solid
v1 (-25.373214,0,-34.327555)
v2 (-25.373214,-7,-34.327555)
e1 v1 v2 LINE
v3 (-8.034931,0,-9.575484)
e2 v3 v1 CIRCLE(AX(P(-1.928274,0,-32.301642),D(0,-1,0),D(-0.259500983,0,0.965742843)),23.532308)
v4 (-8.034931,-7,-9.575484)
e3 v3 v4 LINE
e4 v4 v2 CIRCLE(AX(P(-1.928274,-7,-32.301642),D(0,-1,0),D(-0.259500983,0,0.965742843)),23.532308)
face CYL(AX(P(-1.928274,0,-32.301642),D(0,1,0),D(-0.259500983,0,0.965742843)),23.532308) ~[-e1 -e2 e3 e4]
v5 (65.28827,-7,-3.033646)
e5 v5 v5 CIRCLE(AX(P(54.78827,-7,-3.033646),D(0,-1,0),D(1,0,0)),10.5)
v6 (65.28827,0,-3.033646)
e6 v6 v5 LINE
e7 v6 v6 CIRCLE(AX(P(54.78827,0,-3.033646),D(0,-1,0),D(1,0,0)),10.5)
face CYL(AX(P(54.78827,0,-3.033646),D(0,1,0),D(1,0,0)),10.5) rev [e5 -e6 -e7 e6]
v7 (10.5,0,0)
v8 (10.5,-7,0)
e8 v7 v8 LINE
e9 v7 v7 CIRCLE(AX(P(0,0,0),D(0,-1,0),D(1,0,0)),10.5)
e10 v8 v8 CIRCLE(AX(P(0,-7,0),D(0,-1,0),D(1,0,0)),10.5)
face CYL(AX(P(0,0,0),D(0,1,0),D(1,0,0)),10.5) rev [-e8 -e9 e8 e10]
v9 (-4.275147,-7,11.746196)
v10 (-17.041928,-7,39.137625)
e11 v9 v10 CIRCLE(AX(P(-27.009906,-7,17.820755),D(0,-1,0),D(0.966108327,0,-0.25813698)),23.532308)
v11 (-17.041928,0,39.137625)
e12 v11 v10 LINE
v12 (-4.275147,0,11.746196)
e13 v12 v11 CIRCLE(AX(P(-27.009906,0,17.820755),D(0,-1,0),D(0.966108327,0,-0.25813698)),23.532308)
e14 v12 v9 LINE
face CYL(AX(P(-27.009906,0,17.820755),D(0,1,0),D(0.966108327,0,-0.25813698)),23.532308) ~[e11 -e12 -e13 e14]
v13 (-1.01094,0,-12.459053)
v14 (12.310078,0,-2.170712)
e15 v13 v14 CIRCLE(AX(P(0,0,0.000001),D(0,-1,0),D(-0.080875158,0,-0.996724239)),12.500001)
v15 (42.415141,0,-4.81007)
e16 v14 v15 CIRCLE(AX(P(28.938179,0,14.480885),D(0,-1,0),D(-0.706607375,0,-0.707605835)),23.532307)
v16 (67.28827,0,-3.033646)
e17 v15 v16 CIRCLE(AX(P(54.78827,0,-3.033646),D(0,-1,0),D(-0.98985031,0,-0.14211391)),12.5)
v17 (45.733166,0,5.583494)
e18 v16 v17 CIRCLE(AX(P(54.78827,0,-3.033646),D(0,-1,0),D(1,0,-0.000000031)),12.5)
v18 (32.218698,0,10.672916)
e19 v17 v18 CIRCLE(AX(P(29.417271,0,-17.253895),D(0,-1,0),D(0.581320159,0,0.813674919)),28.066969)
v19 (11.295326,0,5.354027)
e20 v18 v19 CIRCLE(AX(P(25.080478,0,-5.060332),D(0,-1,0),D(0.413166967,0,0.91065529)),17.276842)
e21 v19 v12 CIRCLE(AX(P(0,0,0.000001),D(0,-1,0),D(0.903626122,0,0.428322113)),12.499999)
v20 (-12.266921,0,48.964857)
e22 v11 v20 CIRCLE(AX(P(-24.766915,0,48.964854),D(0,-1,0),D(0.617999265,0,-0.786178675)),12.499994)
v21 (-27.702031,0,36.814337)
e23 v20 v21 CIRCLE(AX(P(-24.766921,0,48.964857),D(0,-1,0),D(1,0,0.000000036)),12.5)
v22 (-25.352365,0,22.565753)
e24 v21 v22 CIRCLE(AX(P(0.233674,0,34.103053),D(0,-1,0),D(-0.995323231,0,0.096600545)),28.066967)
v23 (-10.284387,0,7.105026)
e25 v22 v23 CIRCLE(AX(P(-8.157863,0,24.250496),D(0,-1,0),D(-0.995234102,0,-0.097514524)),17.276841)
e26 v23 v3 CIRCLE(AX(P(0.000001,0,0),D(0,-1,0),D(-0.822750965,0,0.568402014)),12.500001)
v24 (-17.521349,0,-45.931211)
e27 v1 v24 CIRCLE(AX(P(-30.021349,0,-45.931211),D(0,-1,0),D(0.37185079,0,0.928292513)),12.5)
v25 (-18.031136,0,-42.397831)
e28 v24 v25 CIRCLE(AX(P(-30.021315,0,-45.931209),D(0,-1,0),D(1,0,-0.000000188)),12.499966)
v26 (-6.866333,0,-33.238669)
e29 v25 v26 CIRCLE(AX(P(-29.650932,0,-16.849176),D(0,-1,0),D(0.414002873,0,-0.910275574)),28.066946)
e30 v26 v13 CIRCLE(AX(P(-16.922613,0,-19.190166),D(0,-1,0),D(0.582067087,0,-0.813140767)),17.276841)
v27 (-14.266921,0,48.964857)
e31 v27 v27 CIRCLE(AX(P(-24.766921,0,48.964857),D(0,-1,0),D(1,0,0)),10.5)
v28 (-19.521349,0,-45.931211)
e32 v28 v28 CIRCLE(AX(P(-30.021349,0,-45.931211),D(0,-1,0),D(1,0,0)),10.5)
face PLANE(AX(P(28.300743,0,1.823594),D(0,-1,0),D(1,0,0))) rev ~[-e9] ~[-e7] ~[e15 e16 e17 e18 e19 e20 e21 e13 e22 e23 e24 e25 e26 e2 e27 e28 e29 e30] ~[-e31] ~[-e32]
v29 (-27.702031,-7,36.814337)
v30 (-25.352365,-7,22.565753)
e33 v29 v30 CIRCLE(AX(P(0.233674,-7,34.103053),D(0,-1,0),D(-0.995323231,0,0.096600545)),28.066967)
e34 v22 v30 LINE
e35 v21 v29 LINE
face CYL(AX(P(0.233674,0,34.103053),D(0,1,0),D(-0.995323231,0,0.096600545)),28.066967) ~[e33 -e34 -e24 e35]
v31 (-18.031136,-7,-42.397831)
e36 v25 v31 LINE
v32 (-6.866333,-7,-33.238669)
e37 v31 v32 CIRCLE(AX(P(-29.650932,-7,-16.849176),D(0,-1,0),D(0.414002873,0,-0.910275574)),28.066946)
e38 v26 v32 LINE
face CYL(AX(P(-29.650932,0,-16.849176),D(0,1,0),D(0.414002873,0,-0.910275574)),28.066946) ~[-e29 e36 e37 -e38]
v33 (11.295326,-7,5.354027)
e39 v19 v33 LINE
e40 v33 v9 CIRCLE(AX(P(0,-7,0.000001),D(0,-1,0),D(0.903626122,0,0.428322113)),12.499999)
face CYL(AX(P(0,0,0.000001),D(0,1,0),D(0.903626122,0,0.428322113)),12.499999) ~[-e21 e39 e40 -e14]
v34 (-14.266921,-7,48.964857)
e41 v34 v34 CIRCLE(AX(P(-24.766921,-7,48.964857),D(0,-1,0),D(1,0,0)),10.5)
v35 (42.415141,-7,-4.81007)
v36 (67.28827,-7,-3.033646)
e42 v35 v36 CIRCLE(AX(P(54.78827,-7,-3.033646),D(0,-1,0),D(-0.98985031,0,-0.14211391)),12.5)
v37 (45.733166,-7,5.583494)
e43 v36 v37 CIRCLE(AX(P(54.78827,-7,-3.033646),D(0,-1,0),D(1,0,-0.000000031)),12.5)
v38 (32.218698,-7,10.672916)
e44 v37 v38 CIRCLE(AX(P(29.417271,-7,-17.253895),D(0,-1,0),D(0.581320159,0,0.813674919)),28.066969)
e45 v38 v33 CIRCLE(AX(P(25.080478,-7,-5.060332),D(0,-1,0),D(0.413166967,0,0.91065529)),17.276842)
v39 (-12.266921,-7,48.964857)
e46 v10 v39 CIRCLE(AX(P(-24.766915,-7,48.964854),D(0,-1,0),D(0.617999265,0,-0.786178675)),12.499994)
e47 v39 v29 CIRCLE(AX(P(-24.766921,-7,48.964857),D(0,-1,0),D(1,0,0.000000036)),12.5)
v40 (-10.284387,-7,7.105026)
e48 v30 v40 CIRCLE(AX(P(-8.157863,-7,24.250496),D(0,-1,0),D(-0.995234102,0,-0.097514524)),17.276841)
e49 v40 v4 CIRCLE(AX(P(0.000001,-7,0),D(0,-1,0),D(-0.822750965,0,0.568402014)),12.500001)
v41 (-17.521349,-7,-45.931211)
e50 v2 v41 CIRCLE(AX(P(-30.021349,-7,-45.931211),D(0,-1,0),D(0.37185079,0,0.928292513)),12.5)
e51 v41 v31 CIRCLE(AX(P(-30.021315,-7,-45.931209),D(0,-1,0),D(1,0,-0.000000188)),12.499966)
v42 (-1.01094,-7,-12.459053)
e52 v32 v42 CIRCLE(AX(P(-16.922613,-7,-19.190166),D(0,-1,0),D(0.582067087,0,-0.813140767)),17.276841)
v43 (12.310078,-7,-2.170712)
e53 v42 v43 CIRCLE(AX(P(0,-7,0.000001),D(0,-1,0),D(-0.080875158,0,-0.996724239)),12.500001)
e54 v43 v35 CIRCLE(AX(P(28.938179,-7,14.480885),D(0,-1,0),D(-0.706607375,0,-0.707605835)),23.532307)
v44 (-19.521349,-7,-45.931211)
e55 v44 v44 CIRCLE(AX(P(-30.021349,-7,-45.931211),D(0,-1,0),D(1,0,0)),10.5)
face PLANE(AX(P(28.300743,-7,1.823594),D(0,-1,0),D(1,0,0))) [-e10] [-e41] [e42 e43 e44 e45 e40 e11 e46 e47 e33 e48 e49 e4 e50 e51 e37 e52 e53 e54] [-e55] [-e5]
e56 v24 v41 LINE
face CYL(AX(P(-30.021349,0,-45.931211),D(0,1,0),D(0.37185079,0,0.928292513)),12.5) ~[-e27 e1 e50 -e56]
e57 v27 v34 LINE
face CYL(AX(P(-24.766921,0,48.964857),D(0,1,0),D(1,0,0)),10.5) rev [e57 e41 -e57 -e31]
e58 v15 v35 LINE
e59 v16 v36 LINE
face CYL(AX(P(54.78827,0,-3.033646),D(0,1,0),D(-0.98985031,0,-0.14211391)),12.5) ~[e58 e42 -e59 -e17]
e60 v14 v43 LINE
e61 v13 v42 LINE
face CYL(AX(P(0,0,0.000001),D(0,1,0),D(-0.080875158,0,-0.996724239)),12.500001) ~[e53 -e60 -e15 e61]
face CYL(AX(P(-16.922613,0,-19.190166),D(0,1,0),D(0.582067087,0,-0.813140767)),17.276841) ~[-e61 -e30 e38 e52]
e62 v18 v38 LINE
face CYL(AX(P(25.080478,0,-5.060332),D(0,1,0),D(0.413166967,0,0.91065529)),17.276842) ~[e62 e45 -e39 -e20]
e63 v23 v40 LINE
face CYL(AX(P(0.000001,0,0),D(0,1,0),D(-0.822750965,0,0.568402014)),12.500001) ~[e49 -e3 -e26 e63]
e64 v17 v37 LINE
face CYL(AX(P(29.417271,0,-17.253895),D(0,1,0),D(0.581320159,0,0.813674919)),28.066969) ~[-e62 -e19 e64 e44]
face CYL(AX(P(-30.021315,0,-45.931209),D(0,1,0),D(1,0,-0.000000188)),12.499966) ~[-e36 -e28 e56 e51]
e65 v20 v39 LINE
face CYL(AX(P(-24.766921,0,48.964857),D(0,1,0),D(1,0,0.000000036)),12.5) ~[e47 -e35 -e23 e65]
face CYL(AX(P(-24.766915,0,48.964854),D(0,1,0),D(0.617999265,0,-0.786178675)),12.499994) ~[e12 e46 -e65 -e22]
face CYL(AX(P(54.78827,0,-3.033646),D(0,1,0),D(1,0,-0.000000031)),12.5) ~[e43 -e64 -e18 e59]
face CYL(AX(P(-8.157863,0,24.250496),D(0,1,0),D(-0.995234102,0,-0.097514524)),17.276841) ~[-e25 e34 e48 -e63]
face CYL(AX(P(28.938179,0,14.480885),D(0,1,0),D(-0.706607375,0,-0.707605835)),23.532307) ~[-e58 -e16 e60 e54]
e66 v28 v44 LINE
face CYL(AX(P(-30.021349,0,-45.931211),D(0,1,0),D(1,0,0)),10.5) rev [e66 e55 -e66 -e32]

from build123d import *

# Parameters (mm, degrees)
F0_R     = 10.5
F1_DEPTH = 7


with BuildPart() as f1:
    # F0 (on Front) → F1 (new body)
    with BuildSketch(Plane.XZ):
        with BuildLine():
            ThreePointArc((11.295326, 5.354027), (12.195113, 2.743941), (12.5, 0))
            ThreePointArc((12.5, 0), (12.452429, -1.089502), (12.310078, -2.170712))
            ThreePointArc((12.310078, -2.170712), (26.882949, -8.961501), (42.415141, -4.81007))
            ThreePointArc((42.415141, -4.81007), (42.880339, 0.767824), (45.733166, 5.583494))
            ThreePointArc((45.733166, 5.583494), (39.308861, 9.012266), (32.218698, 10.672916))
            ThreePointArc((32.218698, 10.672916), (20.823945, 11.683957), (11.295326, 5.354027))
        make_face()
        with BuildLine():
            ThreePointArc((45.733166, 5.583494), (42.880339, 0.767824), (42.415141, -4.81007))
            ThreePointArc((42.415141, -4.81007), (55.678745, -15.501888), (67.28827, -3.033646))
            ThreePointArc((67.28827, -3.033646), (59.428378, 8.573223), (45.733166, 5.583494))
        make_face()
        with Locations((54.78827, -3.033646)):
            Circle(F0_R, mode=Mode.SUBTRACT)
        with BuildLine():
            ThreePointArc((-27.702031, 36.814337), (-22.105124, 36.751551), (-17.041928, 39.137625))
            ThreePointArc((-17.041928, 39.137625), (-13.523869, 43.501909), (-12.266921, 48.964857))
            ThreePointArc((-12.266921, 48.964857), (-32.49871, 58.786742), (-27.702031, 36.814337))
        make_face()
        with Locations((-24.766921, 48.964857)):
            Circle(F0_R, mode=Mode.SUBTRACT)
        with BuildLine():
            ThreePointArc((-10.284387, 7.105026), (-7.640688, 9.892921), (-4.275147, 11.746196))
            ThreePointArc((-4.275147, 11.746196), (-5.680587, 27.762067), (-17.041928, 39.137625))
            ThreePointArc((-17.041928, 39.137625), (-22.105124, 36.751551), (-27.702031, 36.814337))
            ThreePointArc((-27.702031, 36.814337), (-27.459282, 29.53634), (-25.352365, 22.565753))
            ThreePointArc((-25.352365, 22.565753), (-20.530576, 12.192087), (-10.284387, 7.105026))
        make_face()
        with BuildLine():
            ThreePointArc((12.310078, -2.170712), (12.452429, -1.089502), (12.5, 0))
            ThreePointArc((12.5, 0), (12.195113, 2.743941), (11.295326, 5.354027))
            ThreePointArc((11.295326, 5.354027), (4.747176, 11.563491), (-4.275147, 11.746196))
            ThreePointArc((-4.275147, 11.746196), (-7.640688, 9.892921), (-10.284387, 7.105026))
            ThreePointArc((-10.284387, 7.105026), (-12.387865, -1.67057), (-8.034931, -9.575484))
            ThreePointArc((-8.034931, -9.575484), (-4.747176, -11.563491), (-1.01094, -12.459053))
            ThreePointArc((-1.01094, -12.459053), (7.640688, -9.892921), (12.310078, -2.170712))
        make_face()
        Circle(F0_R, mode=Mode.SUBTRACT)
        with BuildLine():
            ThreePointArc((-6.866333, -33.238669), (-0.293369, -23.876044), (-1.01094, -12.459053))
            ThreePointArc((-1.01094, -12.459053), (-4.747176, -11.563491), (-8.034931, -9.575484))
            ThreePointArc((-8.034931, -9.575484), (-21.202362, -18.800566), (-25.373214, -34.327555))
            ThreePointArc((-25.373214, -34.327555), (-20.775215, -37.519374), (-18.031136, -42.397831))
            ThreePointArc((-18.031136, -42.397831), (-11.849579, -38.548606), (-6.866333, -33.238669))
        make_face()
        with BuildLine():
            ThreePointArc((-18.031136, -42.397831), (-20.775215, -37.519374), (-25.373214, -34.327555))
            ThreePointArc((-25.373214, -34.327555), (-40.373926, -52.936505), (-17.521349, -45.931211))
            ThreePointArc((-17.521349, -45.931211), (-17.649452, -44.146228), (-18.031136, -42.397831))
        make_face()
        with Locations((-30.021349, -45.931211)):
            Circle(F0_R, mode=Mode.SUBTRACT)
    extrude(amount=F1_DEPTH)


solid = f1.part
